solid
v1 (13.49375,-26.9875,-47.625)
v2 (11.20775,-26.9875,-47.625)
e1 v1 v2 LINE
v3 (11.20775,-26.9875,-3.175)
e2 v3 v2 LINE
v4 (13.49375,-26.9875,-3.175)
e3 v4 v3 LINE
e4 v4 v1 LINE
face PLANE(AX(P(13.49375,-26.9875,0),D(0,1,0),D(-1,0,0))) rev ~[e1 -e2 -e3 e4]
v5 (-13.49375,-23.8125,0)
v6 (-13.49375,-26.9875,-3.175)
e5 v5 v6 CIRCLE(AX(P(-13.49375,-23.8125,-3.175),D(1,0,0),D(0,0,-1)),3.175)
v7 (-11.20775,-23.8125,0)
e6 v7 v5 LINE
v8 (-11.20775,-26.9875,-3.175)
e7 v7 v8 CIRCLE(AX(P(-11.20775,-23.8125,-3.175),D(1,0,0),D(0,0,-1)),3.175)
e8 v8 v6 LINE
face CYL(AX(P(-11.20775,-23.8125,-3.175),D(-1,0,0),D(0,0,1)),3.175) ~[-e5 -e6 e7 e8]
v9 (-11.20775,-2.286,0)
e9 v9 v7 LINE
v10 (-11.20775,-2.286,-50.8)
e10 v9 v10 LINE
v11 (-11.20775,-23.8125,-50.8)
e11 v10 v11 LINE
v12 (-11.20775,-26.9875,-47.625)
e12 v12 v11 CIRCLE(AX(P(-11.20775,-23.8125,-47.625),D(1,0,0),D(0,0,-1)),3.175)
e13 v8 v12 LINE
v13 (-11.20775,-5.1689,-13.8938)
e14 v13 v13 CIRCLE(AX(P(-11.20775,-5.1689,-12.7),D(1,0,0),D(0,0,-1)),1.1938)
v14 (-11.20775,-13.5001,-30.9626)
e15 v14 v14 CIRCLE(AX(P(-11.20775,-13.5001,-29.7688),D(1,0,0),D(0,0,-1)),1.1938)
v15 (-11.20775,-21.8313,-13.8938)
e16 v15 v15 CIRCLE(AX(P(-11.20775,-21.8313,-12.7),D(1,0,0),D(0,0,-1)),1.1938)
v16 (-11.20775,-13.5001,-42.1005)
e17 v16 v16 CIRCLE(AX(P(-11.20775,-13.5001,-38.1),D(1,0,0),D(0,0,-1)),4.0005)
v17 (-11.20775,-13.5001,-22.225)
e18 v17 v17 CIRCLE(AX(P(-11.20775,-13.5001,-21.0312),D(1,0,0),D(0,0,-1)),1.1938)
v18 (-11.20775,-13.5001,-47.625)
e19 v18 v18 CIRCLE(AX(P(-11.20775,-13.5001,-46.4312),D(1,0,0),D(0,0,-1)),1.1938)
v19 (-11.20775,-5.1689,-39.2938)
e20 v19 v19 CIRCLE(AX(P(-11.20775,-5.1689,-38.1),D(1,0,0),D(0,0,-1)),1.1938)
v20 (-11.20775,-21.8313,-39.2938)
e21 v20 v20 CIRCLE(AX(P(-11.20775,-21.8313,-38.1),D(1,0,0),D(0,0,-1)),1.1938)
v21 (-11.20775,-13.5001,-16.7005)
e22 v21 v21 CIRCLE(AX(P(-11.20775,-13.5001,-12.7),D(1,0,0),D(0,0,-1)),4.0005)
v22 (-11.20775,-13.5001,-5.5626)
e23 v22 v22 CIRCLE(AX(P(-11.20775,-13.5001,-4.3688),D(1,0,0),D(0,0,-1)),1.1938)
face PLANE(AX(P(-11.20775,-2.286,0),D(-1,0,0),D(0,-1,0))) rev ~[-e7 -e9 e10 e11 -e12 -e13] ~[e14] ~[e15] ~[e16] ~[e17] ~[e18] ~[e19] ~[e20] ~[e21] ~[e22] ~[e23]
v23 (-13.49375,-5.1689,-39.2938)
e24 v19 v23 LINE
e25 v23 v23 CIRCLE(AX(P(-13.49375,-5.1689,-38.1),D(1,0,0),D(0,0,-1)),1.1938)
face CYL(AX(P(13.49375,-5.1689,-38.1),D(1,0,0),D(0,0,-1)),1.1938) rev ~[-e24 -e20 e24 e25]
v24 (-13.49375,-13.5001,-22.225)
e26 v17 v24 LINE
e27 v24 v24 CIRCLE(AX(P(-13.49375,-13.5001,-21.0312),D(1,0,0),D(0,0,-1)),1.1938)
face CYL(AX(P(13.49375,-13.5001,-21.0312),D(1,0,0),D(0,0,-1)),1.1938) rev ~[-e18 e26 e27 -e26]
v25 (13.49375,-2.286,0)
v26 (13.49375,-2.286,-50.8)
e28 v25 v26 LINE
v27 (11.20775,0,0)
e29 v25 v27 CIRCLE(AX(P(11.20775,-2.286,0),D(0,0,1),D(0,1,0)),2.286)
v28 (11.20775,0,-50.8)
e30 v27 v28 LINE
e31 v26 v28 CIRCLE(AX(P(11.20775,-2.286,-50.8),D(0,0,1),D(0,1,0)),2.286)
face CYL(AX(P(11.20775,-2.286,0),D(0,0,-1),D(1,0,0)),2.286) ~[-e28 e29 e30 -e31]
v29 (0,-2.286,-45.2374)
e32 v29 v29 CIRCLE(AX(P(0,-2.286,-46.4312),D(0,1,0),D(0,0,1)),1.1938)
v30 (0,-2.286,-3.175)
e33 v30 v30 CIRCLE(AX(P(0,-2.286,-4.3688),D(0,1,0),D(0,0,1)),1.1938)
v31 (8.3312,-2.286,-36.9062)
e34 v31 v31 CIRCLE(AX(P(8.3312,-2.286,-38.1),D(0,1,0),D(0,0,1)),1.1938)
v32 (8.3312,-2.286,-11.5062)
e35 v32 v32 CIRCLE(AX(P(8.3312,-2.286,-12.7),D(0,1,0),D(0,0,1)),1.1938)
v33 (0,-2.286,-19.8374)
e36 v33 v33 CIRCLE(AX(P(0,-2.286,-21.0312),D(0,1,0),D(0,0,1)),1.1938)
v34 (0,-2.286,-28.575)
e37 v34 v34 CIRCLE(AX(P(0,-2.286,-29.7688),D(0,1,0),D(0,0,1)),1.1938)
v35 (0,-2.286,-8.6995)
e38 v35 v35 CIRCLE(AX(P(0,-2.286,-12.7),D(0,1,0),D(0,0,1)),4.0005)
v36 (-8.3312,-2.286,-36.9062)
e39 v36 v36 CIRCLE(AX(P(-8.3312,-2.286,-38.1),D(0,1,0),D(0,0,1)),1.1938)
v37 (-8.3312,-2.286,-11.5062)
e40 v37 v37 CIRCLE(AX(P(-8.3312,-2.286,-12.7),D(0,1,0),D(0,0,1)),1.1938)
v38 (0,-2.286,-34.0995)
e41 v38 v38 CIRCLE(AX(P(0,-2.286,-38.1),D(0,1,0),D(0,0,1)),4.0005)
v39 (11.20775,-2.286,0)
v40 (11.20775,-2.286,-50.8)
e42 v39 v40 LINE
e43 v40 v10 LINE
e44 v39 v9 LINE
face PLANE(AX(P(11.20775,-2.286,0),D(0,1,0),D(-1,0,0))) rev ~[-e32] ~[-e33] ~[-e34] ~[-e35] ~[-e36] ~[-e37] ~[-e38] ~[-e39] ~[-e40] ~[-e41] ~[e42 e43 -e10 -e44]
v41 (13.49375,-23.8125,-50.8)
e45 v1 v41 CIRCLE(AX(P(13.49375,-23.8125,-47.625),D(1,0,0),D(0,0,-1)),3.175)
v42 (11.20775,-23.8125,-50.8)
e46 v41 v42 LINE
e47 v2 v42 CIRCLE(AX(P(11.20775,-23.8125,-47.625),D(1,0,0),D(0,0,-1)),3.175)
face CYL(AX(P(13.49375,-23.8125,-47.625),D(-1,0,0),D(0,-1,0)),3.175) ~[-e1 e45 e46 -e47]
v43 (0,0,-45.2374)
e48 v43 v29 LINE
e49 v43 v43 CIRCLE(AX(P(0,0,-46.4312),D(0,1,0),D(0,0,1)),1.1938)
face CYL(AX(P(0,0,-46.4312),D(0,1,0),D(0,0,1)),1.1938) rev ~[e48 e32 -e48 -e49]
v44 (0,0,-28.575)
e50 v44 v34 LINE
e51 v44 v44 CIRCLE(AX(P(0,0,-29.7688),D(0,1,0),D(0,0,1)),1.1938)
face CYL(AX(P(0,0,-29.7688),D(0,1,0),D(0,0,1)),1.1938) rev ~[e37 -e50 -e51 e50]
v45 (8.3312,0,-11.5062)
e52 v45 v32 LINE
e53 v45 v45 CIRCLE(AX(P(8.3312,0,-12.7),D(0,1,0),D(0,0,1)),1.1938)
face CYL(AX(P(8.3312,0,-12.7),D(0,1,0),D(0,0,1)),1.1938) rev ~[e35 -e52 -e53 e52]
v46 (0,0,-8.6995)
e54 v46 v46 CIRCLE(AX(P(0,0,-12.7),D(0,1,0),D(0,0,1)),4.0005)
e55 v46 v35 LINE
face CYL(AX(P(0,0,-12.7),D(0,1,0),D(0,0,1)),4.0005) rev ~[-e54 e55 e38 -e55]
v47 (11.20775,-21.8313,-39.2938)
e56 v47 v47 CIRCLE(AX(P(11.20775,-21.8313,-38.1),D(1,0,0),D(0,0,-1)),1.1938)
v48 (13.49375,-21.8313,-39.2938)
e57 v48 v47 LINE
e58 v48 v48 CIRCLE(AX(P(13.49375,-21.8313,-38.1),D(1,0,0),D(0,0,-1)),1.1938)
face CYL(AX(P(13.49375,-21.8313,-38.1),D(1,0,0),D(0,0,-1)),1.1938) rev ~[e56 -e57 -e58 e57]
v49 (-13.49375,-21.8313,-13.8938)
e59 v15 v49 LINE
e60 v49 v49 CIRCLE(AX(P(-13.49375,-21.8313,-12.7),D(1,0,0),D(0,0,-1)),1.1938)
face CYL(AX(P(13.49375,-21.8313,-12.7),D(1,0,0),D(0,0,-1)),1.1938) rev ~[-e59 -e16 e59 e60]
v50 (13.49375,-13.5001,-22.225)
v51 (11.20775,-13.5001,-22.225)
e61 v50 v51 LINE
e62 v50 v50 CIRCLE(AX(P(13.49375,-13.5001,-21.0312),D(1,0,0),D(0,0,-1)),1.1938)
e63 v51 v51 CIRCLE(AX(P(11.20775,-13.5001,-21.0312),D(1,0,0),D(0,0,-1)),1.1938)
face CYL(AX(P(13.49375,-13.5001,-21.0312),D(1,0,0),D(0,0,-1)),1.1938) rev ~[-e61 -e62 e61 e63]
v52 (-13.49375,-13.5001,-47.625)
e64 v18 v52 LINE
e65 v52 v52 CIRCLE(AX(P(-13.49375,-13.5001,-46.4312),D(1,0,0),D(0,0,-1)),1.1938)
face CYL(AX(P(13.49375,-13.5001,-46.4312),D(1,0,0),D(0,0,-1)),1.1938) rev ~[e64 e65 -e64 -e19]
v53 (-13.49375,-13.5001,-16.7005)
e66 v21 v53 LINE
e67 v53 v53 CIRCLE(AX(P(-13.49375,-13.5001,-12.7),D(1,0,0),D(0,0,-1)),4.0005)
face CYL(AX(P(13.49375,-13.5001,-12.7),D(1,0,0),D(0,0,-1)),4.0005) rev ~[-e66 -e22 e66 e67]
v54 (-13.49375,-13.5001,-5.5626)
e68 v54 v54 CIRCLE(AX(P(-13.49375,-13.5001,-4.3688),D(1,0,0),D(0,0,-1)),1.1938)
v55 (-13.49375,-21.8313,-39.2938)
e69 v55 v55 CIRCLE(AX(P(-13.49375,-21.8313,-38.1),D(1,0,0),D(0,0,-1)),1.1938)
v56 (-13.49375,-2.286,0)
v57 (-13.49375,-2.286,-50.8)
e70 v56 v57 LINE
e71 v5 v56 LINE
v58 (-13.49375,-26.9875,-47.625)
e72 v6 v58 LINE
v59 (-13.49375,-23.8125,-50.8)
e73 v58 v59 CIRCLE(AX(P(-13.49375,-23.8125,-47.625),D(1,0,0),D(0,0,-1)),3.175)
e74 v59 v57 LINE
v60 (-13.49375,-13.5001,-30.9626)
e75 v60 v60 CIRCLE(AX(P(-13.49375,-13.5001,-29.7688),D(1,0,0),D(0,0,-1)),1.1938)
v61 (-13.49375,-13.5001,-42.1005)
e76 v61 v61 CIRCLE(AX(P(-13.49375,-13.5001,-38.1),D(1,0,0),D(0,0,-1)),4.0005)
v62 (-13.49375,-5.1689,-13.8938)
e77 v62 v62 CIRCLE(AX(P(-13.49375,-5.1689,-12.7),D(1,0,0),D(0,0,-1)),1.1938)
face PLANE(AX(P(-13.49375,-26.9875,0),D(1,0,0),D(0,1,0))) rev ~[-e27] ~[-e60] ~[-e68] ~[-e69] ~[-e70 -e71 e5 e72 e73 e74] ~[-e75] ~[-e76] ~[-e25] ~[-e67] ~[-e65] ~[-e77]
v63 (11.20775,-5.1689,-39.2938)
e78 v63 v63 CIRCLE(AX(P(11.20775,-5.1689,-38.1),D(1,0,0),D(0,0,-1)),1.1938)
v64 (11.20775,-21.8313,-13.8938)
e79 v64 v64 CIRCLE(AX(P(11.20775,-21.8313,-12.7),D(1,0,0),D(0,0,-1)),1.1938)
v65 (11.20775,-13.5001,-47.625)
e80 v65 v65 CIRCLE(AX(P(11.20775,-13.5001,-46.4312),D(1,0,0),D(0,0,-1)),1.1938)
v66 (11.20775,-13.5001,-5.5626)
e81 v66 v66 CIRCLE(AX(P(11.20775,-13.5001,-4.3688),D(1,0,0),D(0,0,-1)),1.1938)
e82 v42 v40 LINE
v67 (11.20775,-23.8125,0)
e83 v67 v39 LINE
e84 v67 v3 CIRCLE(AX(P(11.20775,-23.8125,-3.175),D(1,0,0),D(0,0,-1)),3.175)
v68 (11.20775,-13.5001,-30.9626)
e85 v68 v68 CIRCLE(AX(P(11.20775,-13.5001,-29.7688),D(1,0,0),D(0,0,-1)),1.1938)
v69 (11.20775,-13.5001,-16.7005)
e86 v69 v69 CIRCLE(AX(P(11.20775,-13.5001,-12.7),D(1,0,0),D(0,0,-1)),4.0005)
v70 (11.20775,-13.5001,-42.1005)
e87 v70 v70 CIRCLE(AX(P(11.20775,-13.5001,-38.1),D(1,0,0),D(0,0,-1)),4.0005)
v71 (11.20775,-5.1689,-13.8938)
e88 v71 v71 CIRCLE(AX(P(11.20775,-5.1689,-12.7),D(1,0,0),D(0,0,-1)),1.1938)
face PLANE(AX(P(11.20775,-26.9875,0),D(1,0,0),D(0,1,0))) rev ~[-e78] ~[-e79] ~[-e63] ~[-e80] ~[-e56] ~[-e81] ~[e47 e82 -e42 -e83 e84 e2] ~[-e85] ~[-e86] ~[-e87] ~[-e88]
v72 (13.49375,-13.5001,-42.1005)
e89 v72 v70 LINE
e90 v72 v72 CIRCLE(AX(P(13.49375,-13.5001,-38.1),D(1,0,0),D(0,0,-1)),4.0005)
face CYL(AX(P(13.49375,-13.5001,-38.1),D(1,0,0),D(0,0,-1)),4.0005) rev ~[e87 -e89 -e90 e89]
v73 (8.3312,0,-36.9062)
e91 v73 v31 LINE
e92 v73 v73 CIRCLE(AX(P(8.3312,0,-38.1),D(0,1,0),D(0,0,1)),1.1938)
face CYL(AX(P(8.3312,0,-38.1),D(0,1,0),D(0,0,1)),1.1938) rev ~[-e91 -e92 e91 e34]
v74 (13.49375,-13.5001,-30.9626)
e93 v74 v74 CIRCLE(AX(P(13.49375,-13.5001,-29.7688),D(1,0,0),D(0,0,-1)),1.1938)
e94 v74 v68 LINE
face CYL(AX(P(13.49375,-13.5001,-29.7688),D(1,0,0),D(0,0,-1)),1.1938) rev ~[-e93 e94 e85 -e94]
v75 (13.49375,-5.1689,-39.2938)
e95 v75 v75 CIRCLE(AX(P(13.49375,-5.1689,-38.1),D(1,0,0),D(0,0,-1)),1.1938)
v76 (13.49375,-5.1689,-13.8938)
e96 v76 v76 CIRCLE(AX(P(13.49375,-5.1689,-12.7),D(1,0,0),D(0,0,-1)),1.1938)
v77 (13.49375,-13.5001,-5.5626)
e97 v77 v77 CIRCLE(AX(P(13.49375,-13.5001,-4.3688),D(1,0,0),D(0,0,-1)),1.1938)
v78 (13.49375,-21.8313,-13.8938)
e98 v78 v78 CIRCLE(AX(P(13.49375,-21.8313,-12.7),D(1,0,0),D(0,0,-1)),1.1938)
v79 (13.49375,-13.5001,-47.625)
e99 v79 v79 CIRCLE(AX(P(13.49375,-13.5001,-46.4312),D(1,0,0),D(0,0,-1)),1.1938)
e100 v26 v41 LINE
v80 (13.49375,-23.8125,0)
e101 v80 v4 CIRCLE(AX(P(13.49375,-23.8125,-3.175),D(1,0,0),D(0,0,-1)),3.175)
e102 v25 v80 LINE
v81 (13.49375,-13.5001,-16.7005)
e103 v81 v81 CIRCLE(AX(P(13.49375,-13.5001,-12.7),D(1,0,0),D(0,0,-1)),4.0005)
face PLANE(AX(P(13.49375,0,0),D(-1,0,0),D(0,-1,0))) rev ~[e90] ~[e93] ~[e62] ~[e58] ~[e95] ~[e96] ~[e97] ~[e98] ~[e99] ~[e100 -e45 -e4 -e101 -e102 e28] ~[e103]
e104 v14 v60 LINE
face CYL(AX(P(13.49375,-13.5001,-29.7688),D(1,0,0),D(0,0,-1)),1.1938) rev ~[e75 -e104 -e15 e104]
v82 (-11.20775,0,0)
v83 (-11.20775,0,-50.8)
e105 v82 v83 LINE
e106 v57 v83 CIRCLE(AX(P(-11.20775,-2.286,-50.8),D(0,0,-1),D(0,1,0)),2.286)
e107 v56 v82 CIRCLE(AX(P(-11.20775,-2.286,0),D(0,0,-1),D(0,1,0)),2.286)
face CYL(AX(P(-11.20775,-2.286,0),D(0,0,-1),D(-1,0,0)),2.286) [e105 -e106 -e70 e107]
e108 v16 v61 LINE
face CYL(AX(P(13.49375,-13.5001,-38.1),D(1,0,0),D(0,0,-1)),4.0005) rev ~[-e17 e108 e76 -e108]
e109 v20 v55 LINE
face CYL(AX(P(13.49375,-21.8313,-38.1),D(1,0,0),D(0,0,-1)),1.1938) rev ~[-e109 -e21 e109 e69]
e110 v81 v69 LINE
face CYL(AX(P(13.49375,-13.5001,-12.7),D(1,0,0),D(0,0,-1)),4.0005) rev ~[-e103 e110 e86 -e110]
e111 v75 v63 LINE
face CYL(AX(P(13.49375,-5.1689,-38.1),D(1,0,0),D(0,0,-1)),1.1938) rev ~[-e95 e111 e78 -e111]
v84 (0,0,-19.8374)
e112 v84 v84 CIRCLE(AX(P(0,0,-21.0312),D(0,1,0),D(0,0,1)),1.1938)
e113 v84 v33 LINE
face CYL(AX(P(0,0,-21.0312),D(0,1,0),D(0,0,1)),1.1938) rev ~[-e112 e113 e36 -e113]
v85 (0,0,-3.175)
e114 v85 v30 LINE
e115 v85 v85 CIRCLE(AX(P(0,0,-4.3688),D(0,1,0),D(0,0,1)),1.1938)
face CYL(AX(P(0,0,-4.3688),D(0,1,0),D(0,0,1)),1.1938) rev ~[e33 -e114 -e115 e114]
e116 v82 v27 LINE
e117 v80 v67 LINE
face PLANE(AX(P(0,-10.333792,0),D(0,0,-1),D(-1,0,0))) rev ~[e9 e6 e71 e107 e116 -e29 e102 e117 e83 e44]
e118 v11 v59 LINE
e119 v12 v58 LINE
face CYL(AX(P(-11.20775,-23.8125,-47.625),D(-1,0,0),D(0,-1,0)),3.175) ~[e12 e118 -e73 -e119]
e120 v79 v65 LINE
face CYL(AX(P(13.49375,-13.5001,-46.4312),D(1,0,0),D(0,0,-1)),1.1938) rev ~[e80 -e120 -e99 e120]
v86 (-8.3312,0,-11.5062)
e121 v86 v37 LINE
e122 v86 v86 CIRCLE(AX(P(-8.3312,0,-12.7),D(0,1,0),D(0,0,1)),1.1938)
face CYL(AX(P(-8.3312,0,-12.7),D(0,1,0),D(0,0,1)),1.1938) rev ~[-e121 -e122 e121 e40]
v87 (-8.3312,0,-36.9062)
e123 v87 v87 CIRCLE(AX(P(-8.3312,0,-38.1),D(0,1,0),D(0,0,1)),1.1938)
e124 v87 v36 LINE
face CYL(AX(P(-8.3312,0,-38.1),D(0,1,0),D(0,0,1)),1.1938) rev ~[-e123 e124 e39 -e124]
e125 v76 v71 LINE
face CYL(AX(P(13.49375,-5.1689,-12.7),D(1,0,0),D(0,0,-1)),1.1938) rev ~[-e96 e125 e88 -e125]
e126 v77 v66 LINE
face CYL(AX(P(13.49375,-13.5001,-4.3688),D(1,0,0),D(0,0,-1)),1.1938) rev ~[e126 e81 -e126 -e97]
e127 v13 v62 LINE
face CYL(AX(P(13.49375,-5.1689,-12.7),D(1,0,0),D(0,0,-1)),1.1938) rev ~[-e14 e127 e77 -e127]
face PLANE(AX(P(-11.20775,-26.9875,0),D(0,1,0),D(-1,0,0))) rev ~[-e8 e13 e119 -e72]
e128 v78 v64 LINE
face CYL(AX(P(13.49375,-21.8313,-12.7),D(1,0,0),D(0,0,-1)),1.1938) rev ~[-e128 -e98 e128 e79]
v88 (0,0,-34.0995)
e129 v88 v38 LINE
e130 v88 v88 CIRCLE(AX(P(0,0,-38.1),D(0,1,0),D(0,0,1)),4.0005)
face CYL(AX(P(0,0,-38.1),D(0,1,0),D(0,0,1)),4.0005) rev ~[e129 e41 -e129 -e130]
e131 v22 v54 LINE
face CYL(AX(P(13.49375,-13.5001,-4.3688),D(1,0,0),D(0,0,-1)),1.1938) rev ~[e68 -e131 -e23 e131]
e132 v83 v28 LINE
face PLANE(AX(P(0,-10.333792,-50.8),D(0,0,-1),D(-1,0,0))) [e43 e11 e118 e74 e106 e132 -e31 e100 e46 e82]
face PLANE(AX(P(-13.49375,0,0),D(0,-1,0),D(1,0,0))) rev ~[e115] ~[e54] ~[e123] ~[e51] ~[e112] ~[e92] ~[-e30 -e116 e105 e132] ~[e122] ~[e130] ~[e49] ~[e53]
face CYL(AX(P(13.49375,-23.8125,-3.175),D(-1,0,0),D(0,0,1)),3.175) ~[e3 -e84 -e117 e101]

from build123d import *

# Parameters (mm, degrees)
EXTRUDE1_DEPTH      = 50.8
SKETCH2_R           = 4.0005
SKETCH2_R_2         = 1.1938
CUT_EXTRUDE1_DEPTH  = 27.9875
SKETCH22_R          = 4.0005
SKETCH22_R_2        = 1.1938
CUT_EXTRUDE12_DEPTH = 27.9875
LPATTERN1_COUNT     = 2
LPATTERN1_PITCH     = 25.4
FILLET1_R           = 2.286
FILLET2_R           = 3.175


with BuildPart() as part:
    # Sketch1 → Extrude1 (new body)
    with BuildSketch(Plane.XY):
        Polygon((11.20775, -26.9875), (11.20775, -2.286), (-11.20775, -2.286), (-11.20775, -26.9875), (-13.49375, -26.9875), (-13.49375, 0), (13.49375, 0), (13.49375, -26.9875), align=None)
    extrude(amount=-EXTRUDE1_DEPTH)

    # Sketch2 → Cut-Extrude1 (cut, through all)
    with BuildSketch(Plane(origin=(13.49375, -15.292465387, -16.409839131), x_dir=(0, 0, -1), z_dir=(1, 0, 0))):
        with Locations((-3.709839131, 1.792365387)):
            Circle(SKETCH2_R)
        with Locations((-3.709839131, 10.123565387)):
            Circle(SKETCH2_R_2)
        with Locations((4.621360869, 1.792365387)):
            Circle(SKETCH2_R_2)
        with Locations((-3.709839131, -6.538834613)):
            Circle(SKETCH2_R_2)
        with Locations((-12.041039131, 1.792365387)):
            Circle(SKETCH2_R_2)
    cut_extrude1 = extrude(amount=-CUT_EXTRUDE1_DEPTH, mode=Mode.SUBTRACT)

    # Sketch22 → Cut-Extrude12 (cut, through all)
    with BuildSketch(Plane(origin=(-3.640346977, 0, -15.26070859), x_dir=(-1, 0, 0), z_dir=(0, 1, 0))):
        with Locations(Location((-3.640346977, 2.56070859, 0), (0, 0, 90))):  # turned: the seam where the file's is
            Circle(SKETCH22_R)
        with Locations(Location((-3.640346977, 10.89190859, 0), (0, 0, 90))):  # turned: the seam where the file's is
            Circle(SKETCH22_R_2)
        with Locations(Location((4.690853023, 2.56070859, 0), (0, 0, 90))):  # turned: the seam where the file's is
            Circle(SKETCH22_R_2)
        with Locations(Location((-3.640346977, -5.77049141, 0), (0, 0, 90))):  # turned: the seam where the file's is
            Circle(SKETCH22_R_2)
        with Locations(Location((-11.971546977, 2.56070859, 0), (0, 0, 90))):  # turned: the seam where the file's is
            Circle(SKETCH22_R_2)
    cut_extrude12 = extrude(amount=-CUT_EXTRUDE12_DEPTH, mode=Mode.SUBTRACT)

    # LPattern1: Cut-Extrude1, Cut-Extrude12 ×2
    with Locations(*[(0, 0, -i * LPATTERN1_PITCH) for i in range(1, LPATTERN1_COUNT)]):
        add(cut_extrude1, mode=Mode.SUBTRACT)
        add(cut_extrude12, mode=Mode.SUBTRACT)

    # Fillet1
    fillet1_edges = [part.edges().sort_by_distance(p)[0] for p in [
        (-13.49375, 0, -25.4),
        (13.49375, 0, -25.4),
    ]]
    fillet(fillet1_edges, radius=FILLET1_R)

    # Fillet2
    fillet2_edges = [part.edges().sort_by_distance(p)[0] for p in [
        (12.35075, -26.9875, -50.8),
        (-12.35075, -26.9875, -50.8),
        (12.35075, -26.9875, 0),
        (-12.35075, -26.9875, 0),
    ]]
    fillet(fillet2_edges, radius=FILLET2_R)


solid = part.part
